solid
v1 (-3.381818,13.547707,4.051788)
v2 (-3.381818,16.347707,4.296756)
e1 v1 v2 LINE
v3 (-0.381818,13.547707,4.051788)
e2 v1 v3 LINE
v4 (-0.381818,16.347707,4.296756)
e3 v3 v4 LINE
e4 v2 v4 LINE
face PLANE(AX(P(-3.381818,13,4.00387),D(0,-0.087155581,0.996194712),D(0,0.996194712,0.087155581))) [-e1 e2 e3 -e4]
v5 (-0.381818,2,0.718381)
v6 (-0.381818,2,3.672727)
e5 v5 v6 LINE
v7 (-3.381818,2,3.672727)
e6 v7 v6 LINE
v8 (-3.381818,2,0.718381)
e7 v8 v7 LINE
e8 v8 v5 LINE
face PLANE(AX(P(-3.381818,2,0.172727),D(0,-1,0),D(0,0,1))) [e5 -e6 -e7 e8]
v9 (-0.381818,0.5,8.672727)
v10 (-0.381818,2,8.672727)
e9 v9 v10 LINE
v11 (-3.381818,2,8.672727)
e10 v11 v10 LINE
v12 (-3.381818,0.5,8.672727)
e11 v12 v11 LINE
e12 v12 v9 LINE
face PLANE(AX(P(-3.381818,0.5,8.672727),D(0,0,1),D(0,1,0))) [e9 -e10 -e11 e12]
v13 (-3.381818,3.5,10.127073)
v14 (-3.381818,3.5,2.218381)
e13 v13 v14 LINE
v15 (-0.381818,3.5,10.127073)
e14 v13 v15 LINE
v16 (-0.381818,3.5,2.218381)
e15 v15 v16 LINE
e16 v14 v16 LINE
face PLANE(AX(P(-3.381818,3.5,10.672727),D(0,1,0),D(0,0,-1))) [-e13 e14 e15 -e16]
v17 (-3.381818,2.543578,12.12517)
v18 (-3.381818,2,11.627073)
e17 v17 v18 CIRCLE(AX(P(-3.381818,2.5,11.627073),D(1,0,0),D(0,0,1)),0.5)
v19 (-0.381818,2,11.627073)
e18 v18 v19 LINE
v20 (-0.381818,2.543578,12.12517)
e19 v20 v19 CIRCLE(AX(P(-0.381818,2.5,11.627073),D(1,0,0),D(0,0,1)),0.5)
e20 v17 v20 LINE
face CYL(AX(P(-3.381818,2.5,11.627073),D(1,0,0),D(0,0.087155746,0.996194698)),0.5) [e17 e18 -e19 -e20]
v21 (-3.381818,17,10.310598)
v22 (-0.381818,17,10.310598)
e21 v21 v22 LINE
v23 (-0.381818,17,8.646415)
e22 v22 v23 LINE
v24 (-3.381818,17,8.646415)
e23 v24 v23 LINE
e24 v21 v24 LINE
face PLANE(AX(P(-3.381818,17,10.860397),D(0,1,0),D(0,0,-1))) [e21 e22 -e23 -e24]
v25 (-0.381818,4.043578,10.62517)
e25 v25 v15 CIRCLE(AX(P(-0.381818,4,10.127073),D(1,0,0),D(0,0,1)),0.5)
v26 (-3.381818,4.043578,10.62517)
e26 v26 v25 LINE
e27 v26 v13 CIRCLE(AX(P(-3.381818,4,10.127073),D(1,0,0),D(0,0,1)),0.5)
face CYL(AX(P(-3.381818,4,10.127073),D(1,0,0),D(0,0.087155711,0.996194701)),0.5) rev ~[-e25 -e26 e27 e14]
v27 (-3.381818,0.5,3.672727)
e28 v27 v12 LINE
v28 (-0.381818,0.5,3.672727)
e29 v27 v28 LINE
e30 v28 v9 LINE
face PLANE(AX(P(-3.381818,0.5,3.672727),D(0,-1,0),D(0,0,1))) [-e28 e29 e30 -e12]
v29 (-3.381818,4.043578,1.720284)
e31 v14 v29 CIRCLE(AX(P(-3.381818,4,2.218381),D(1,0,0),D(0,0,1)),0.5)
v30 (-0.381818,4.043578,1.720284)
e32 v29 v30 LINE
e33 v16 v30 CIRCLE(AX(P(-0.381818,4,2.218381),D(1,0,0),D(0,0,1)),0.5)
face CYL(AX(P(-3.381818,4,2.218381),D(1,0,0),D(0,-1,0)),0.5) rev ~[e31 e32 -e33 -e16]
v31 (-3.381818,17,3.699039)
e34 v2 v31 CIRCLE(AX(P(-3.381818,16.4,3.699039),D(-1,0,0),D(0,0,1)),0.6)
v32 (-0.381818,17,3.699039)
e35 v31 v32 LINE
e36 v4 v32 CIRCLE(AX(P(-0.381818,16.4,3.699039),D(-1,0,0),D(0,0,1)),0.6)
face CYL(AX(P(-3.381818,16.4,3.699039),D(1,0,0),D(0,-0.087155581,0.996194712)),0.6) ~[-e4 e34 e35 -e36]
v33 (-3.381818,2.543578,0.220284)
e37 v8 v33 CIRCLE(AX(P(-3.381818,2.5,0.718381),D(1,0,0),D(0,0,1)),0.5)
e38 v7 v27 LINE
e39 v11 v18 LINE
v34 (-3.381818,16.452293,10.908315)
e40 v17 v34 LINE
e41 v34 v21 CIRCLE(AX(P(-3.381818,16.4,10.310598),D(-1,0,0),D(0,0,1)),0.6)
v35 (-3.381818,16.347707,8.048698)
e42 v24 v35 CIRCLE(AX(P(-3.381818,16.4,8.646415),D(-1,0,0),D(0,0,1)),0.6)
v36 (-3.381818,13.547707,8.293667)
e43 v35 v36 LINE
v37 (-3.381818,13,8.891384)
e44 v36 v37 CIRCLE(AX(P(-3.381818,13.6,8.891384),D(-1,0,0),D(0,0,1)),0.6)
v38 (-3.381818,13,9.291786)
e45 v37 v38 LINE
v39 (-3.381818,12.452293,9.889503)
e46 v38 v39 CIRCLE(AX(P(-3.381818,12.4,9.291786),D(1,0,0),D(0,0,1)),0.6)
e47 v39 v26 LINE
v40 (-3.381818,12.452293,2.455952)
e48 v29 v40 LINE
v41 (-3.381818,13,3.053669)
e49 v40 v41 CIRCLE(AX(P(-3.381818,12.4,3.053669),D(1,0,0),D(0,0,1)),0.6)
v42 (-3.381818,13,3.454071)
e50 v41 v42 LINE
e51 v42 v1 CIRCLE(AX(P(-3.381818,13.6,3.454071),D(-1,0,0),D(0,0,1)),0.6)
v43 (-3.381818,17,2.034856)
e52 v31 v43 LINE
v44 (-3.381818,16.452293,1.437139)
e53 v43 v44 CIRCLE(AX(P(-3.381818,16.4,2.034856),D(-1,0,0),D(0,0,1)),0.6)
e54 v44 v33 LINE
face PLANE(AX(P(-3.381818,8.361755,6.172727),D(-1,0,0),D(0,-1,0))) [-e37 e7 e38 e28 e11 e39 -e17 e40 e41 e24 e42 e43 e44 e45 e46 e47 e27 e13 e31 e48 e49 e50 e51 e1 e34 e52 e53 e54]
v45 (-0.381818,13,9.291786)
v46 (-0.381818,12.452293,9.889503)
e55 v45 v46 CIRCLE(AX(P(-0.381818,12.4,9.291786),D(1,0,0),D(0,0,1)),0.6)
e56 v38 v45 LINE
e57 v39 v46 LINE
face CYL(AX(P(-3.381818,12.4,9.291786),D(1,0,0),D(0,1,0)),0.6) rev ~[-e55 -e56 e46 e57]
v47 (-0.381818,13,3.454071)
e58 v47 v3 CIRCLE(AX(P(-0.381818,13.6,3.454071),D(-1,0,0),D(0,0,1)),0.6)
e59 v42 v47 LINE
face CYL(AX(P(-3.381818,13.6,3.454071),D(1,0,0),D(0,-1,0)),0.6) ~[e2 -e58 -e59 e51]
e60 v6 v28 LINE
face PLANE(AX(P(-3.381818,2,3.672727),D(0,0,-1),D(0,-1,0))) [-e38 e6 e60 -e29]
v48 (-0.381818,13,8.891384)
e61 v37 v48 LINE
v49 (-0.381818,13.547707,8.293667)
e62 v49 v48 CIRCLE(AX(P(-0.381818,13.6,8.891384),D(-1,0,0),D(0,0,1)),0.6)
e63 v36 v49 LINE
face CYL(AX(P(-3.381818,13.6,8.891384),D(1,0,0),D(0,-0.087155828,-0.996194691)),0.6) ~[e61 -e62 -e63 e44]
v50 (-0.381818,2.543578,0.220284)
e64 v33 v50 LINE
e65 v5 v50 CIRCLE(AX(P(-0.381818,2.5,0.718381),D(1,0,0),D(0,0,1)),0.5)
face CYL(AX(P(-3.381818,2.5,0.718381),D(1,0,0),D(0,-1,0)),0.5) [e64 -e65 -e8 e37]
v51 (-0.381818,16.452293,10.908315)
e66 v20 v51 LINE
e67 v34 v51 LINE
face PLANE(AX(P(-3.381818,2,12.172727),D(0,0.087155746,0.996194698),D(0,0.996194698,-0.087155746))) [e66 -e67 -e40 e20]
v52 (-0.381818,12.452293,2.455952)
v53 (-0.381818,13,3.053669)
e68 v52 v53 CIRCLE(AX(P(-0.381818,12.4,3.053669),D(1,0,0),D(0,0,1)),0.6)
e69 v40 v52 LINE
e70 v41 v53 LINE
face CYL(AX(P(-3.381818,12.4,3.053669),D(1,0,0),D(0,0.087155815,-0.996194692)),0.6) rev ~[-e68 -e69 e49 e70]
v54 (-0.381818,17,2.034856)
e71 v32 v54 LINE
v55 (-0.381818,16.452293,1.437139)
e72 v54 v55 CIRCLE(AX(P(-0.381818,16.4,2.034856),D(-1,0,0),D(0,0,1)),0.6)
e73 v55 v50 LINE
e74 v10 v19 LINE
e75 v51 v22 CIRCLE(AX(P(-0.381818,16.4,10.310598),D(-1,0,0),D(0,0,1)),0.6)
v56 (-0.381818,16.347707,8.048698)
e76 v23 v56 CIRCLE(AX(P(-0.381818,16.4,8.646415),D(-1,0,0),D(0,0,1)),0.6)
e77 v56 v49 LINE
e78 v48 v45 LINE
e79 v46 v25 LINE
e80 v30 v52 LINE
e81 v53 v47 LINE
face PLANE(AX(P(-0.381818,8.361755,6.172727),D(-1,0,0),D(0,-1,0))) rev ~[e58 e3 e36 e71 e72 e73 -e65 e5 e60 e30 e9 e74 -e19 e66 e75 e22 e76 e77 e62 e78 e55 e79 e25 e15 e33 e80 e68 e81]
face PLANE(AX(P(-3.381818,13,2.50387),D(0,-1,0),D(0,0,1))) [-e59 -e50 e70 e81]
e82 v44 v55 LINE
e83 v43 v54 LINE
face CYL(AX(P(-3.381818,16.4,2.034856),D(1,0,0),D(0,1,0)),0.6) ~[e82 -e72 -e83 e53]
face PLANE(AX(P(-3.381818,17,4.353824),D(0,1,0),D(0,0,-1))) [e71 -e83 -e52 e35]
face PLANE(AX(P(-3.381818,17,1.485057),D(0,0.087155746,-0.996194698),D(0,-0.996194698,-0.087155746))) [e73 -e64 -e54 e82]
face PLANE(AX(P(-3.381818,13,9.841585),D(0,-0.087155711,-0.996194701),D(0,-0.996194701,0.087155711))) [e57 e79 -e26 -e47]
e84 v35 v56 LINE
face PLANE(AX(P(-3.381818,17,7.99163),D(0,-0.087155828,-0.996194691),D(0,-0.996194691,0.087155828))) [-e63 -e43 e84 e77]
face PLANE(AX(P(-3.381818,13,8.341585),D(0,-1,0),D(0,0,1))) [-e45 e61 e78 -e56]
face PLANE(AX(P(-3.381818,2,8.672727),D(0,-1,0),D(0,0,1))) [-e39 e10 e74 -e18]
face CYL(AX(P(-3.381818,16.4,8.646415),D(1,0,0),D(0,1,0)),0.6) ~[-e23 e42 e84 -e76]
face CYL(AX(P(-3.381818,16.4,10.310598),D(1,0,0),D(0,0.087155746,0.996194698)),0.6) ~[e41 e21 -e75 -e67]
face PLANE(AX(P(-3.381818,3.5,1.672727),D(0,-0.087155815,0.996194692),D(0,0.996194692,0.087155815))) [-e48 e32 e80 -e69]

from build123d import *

# Parameters (mm, degrees)
PAD001_DEPTH = 3
FILLET001_R  = 0.6
FILLET002_R  = 0.5


with BuildPart() as part:
    # Sketch002 (on DatumPlane) → Pad001 (new body)
    with BuildSketch(Plane.YZ.offset(-3.381818)):
        Polygon((2, 12.172727), (17, 10.860397), (17, 7.99163), (13, 8.341585), (13, 9.841585), (3.5, 10.672727), (3.5, 1.672727), (13, 2.50387), (13, 4.00387), (17, 4.353824), (17, 1.485057), (2, 0.172727), (2, 3.672727), (0.5, 3.672727), (0.5, 8.672727), (2, 8.672727), align=None)
    extrude(amount=PAD001_DEPTH)

    # Fillet001
    fillet001_edges = [part.edges().sort_by_distance(p)[0] for p in [
        (-1.881818, 17, 4.353824),
        (-1.881818, 17, 10.860397),
        (-1.881818, 17, 7.99163),
        (-1.881818, 17, 1.485057),
        (-1.881818, 13, 8.341585),
        (-1.881818, 13, 4.00387),
        (-1.881818, 13, 2.50387),
        (-1.881818, 13, 9.841585),
    ]]
    fillet(fillet001_edges, radius=FILLET001_R)

    # Fillet002
    fillet002_edges = [part.edges().sort_by_distance(p)[0] for p in [
        (-1.881818, 2, 0.172727),
        (-1.881818, 3.5, 1.672727),
        (-1.881818, 3.5, 10.672727),
        (-1.881818, 2, 12.172727),
    ]]
    fillet(fillet002_edges, radius=FILLET002_R)


solid = part.part
